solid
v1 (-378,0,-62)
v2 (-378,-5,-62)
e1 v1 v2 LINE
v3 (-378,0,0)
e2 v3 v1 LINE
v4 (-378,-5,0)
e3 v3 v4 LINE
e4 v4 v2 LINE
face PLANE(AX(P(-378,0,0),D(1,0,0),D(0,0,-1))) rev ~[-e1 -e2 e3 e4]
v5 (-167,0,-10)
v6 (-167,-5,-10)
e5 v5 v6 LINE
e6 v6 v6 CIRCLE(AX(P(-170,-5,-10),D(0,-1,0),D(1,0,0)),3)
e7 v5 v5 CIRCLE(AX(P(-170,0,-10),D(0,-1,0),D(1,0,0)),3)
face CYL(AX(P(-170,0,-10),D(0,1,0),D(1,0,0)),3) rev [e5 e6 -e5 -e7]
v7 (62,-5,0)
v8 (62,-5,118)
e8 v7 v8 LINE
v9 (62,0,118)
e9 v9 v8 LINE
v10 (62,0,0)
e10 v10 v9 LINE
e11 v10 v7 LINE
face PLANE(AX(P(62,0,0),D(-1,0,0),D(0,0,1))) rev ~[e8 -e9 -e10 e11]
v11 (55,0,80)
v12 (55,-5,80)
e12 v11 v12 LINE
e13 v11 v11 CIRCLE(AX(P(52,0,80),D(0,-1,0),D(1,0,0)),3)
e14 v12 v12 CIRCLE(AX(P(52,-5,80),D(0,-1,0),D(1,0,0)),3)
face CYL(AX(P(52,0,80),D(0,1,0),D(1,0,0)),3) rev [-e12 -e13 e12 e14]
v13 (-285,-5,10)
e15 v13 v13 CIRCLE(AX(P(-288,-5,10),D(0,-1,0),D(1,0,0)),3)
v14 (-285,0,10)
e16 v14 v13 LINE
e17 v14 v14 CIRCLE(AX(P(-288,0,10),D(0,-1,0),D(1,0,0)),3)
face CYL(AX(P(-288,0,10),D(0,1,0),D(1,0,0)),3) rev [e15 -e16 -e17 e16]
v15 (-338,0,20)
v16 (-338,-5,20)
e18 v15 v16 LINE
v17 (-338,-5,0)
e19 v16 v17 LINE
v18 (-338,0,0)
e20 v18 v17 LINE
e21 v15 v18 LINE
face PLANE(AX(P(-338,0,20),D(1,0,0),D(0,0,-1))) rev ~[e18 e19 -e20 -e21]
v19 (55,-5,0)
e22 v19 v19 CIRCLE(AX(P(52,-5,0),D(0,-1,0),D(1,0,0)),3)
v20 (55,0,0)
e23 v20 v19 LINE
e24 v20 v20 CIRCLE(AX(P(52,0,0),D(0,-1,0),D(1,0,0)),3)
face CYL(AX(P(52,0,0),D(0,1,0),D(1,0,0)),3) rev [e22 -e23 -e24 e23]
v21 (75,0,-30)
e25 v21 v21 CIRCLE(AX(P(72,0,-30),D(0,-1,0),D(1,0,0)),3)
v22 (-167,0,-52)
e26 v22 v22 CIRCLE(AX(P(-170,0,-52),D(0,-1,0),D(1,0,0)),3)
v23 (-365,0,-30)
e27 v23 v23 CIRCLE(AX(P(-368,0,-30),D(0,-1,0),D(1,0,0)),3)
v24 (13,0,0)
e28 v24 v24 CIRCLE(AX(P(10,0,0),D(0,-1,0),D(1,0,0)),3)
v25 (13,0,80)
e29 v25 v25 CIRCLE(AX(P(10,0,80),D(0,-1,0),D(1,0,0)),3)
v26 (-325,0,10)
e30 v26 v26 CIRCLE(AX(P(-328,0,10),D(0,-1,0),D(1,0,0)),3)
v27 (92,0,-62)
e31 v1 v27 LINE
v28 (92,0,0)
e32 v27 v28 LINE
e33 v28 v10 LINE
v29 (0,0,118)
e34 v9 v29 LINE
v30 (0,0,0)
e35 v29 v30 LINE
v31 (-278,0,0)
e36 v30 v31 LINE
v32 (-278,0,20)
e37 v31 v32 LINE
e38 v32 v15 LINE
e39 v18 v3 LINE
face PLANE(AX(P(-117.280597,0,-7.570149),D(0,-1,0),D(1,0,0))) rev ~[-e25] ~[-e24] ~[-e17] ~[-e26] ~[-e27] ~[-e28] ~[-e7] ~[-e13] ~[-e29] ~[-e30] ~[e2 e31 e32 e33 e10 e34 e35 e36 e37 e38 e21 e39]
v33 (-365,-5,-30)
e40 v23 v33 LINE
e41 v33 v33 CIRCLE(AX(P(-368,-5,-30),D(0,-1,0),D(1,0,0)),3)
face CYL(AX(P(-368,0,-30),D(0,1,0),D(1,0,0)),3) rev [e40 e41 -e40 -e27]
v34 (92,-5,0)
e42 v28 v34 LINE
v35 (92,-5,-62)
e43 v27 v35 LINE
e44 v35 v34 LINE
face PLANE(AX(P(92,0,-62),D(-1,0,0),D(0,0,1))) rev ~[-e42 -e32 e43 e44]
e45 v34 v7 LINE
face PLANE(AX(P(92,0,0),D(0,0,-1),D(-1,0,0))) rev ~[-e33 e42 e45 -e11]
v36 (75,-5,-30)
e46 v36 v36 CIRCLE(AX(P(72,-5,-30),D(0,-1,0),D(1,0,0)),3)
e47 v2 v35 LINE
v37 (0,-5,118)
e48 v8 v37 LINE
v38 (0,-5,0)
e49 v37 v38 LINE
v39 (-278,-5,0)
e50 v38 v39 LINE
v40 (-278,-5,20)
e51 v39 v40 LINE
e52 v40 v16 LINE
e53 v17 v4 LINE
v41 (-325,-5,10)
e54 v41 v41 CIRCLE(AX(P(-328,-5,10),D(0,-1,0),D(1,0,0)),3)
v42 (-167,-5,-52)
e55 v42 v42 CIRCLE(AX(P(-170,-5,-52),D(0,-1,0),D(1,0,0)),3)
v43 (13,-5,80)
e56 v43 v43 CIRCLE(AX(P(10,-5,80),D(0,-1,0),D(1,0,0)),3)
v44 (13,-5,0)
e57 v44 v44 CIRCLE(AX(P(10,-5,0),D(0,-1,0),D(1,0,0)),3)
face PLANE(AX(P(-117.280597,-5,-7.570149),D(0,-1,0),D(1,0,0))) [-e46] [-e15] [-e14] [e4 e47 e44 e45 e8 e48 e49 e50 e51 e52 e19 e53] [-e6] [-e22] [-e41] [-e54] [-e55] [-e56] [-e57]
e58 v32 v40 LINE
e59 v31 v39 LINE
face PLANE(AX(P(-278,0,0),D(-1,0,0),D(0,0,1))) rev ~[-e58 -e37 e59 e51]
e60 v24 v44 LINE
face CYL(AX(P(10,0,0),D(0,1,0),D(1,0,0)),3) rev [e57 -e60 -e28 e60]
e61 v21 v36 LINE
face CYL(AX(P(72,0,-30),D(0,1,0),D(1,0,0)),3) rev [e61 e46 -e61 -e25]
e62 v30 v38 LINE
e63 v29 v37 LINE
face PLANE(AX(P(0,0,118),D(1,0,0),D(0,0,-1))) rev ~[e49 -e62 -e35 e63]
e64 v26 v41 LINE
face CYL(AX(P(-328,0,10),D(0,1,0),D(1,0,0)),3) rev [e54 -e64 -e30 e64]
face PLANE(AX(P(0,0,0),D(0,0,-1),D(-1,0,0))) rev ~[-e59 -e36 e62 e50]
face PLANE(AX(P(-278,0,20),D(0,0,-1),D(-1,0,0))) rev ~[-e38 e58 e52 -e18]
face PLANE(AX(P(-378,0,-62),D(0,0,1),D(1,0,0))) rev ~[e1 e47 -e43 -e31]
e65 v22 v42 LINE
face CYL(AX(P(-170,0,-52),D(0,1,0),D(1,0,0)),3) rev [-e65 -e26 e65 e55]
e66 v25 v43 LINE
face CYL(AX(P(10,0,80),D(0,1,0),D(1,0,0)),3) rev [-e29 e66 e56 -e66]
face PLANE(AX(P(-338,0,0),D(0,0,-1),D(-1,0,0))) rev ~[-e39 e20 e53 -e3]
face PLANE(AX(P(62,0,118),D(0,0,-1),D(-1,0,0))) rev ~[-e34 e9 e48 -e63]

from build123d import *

# Parameters (mm, degrees)
F0_R     = 3
F1_DEPTH = 5


with BuildPart() as f1:
    # F0 (on Front) → F1 (new body)
    with BuildSketch(Plane.XZ):
        Polygon((62, 118), (0, 118), (0, 0), (-278, 0), (-278, 20), (-338, 20), (-338, 0), (-378, 0), (-378, -62), (92, -62), (92, 0), (62, 0), align=None)
        with Locations((-368, -30)):
            Circle(F0_R, mode=Mode.SUBTRACT)
        with Locations((-170, -52)):
            Circle(F0_R, mode=Mode.SUBTRACT)
        with Locations((-328, 10)):
            Circle(F0_R, mode=Mode.SUBTRACT)
        with Locations((-288, 10)):
            Circle(F0_R, mode=Mode.SUBTRACT)
        with Locations((-170, -10)):
            Circle(F0_R, mode=Mode.SUBTRACT)
        with Locations((72, -30)):
            Circle(F0_R, mode=Mode.SUBTRACT)
        with Locations((10, 0)):
            Circle(F0_R, mode=Mode.SUBTRACT)
        with Locations((52, 0)):
            Circle(F0_R, mode=Mode.SUBTRACT)
        with Locations((10, 80)):
            Circle(F0_R, mode=Mode.SUBTRACT)
        with Locations((52, 80)):
            Circle(F0_R, mode=Mode.SUBTRACT)
    extrude(amount=F1_DEPTH)


solid = f1.part
